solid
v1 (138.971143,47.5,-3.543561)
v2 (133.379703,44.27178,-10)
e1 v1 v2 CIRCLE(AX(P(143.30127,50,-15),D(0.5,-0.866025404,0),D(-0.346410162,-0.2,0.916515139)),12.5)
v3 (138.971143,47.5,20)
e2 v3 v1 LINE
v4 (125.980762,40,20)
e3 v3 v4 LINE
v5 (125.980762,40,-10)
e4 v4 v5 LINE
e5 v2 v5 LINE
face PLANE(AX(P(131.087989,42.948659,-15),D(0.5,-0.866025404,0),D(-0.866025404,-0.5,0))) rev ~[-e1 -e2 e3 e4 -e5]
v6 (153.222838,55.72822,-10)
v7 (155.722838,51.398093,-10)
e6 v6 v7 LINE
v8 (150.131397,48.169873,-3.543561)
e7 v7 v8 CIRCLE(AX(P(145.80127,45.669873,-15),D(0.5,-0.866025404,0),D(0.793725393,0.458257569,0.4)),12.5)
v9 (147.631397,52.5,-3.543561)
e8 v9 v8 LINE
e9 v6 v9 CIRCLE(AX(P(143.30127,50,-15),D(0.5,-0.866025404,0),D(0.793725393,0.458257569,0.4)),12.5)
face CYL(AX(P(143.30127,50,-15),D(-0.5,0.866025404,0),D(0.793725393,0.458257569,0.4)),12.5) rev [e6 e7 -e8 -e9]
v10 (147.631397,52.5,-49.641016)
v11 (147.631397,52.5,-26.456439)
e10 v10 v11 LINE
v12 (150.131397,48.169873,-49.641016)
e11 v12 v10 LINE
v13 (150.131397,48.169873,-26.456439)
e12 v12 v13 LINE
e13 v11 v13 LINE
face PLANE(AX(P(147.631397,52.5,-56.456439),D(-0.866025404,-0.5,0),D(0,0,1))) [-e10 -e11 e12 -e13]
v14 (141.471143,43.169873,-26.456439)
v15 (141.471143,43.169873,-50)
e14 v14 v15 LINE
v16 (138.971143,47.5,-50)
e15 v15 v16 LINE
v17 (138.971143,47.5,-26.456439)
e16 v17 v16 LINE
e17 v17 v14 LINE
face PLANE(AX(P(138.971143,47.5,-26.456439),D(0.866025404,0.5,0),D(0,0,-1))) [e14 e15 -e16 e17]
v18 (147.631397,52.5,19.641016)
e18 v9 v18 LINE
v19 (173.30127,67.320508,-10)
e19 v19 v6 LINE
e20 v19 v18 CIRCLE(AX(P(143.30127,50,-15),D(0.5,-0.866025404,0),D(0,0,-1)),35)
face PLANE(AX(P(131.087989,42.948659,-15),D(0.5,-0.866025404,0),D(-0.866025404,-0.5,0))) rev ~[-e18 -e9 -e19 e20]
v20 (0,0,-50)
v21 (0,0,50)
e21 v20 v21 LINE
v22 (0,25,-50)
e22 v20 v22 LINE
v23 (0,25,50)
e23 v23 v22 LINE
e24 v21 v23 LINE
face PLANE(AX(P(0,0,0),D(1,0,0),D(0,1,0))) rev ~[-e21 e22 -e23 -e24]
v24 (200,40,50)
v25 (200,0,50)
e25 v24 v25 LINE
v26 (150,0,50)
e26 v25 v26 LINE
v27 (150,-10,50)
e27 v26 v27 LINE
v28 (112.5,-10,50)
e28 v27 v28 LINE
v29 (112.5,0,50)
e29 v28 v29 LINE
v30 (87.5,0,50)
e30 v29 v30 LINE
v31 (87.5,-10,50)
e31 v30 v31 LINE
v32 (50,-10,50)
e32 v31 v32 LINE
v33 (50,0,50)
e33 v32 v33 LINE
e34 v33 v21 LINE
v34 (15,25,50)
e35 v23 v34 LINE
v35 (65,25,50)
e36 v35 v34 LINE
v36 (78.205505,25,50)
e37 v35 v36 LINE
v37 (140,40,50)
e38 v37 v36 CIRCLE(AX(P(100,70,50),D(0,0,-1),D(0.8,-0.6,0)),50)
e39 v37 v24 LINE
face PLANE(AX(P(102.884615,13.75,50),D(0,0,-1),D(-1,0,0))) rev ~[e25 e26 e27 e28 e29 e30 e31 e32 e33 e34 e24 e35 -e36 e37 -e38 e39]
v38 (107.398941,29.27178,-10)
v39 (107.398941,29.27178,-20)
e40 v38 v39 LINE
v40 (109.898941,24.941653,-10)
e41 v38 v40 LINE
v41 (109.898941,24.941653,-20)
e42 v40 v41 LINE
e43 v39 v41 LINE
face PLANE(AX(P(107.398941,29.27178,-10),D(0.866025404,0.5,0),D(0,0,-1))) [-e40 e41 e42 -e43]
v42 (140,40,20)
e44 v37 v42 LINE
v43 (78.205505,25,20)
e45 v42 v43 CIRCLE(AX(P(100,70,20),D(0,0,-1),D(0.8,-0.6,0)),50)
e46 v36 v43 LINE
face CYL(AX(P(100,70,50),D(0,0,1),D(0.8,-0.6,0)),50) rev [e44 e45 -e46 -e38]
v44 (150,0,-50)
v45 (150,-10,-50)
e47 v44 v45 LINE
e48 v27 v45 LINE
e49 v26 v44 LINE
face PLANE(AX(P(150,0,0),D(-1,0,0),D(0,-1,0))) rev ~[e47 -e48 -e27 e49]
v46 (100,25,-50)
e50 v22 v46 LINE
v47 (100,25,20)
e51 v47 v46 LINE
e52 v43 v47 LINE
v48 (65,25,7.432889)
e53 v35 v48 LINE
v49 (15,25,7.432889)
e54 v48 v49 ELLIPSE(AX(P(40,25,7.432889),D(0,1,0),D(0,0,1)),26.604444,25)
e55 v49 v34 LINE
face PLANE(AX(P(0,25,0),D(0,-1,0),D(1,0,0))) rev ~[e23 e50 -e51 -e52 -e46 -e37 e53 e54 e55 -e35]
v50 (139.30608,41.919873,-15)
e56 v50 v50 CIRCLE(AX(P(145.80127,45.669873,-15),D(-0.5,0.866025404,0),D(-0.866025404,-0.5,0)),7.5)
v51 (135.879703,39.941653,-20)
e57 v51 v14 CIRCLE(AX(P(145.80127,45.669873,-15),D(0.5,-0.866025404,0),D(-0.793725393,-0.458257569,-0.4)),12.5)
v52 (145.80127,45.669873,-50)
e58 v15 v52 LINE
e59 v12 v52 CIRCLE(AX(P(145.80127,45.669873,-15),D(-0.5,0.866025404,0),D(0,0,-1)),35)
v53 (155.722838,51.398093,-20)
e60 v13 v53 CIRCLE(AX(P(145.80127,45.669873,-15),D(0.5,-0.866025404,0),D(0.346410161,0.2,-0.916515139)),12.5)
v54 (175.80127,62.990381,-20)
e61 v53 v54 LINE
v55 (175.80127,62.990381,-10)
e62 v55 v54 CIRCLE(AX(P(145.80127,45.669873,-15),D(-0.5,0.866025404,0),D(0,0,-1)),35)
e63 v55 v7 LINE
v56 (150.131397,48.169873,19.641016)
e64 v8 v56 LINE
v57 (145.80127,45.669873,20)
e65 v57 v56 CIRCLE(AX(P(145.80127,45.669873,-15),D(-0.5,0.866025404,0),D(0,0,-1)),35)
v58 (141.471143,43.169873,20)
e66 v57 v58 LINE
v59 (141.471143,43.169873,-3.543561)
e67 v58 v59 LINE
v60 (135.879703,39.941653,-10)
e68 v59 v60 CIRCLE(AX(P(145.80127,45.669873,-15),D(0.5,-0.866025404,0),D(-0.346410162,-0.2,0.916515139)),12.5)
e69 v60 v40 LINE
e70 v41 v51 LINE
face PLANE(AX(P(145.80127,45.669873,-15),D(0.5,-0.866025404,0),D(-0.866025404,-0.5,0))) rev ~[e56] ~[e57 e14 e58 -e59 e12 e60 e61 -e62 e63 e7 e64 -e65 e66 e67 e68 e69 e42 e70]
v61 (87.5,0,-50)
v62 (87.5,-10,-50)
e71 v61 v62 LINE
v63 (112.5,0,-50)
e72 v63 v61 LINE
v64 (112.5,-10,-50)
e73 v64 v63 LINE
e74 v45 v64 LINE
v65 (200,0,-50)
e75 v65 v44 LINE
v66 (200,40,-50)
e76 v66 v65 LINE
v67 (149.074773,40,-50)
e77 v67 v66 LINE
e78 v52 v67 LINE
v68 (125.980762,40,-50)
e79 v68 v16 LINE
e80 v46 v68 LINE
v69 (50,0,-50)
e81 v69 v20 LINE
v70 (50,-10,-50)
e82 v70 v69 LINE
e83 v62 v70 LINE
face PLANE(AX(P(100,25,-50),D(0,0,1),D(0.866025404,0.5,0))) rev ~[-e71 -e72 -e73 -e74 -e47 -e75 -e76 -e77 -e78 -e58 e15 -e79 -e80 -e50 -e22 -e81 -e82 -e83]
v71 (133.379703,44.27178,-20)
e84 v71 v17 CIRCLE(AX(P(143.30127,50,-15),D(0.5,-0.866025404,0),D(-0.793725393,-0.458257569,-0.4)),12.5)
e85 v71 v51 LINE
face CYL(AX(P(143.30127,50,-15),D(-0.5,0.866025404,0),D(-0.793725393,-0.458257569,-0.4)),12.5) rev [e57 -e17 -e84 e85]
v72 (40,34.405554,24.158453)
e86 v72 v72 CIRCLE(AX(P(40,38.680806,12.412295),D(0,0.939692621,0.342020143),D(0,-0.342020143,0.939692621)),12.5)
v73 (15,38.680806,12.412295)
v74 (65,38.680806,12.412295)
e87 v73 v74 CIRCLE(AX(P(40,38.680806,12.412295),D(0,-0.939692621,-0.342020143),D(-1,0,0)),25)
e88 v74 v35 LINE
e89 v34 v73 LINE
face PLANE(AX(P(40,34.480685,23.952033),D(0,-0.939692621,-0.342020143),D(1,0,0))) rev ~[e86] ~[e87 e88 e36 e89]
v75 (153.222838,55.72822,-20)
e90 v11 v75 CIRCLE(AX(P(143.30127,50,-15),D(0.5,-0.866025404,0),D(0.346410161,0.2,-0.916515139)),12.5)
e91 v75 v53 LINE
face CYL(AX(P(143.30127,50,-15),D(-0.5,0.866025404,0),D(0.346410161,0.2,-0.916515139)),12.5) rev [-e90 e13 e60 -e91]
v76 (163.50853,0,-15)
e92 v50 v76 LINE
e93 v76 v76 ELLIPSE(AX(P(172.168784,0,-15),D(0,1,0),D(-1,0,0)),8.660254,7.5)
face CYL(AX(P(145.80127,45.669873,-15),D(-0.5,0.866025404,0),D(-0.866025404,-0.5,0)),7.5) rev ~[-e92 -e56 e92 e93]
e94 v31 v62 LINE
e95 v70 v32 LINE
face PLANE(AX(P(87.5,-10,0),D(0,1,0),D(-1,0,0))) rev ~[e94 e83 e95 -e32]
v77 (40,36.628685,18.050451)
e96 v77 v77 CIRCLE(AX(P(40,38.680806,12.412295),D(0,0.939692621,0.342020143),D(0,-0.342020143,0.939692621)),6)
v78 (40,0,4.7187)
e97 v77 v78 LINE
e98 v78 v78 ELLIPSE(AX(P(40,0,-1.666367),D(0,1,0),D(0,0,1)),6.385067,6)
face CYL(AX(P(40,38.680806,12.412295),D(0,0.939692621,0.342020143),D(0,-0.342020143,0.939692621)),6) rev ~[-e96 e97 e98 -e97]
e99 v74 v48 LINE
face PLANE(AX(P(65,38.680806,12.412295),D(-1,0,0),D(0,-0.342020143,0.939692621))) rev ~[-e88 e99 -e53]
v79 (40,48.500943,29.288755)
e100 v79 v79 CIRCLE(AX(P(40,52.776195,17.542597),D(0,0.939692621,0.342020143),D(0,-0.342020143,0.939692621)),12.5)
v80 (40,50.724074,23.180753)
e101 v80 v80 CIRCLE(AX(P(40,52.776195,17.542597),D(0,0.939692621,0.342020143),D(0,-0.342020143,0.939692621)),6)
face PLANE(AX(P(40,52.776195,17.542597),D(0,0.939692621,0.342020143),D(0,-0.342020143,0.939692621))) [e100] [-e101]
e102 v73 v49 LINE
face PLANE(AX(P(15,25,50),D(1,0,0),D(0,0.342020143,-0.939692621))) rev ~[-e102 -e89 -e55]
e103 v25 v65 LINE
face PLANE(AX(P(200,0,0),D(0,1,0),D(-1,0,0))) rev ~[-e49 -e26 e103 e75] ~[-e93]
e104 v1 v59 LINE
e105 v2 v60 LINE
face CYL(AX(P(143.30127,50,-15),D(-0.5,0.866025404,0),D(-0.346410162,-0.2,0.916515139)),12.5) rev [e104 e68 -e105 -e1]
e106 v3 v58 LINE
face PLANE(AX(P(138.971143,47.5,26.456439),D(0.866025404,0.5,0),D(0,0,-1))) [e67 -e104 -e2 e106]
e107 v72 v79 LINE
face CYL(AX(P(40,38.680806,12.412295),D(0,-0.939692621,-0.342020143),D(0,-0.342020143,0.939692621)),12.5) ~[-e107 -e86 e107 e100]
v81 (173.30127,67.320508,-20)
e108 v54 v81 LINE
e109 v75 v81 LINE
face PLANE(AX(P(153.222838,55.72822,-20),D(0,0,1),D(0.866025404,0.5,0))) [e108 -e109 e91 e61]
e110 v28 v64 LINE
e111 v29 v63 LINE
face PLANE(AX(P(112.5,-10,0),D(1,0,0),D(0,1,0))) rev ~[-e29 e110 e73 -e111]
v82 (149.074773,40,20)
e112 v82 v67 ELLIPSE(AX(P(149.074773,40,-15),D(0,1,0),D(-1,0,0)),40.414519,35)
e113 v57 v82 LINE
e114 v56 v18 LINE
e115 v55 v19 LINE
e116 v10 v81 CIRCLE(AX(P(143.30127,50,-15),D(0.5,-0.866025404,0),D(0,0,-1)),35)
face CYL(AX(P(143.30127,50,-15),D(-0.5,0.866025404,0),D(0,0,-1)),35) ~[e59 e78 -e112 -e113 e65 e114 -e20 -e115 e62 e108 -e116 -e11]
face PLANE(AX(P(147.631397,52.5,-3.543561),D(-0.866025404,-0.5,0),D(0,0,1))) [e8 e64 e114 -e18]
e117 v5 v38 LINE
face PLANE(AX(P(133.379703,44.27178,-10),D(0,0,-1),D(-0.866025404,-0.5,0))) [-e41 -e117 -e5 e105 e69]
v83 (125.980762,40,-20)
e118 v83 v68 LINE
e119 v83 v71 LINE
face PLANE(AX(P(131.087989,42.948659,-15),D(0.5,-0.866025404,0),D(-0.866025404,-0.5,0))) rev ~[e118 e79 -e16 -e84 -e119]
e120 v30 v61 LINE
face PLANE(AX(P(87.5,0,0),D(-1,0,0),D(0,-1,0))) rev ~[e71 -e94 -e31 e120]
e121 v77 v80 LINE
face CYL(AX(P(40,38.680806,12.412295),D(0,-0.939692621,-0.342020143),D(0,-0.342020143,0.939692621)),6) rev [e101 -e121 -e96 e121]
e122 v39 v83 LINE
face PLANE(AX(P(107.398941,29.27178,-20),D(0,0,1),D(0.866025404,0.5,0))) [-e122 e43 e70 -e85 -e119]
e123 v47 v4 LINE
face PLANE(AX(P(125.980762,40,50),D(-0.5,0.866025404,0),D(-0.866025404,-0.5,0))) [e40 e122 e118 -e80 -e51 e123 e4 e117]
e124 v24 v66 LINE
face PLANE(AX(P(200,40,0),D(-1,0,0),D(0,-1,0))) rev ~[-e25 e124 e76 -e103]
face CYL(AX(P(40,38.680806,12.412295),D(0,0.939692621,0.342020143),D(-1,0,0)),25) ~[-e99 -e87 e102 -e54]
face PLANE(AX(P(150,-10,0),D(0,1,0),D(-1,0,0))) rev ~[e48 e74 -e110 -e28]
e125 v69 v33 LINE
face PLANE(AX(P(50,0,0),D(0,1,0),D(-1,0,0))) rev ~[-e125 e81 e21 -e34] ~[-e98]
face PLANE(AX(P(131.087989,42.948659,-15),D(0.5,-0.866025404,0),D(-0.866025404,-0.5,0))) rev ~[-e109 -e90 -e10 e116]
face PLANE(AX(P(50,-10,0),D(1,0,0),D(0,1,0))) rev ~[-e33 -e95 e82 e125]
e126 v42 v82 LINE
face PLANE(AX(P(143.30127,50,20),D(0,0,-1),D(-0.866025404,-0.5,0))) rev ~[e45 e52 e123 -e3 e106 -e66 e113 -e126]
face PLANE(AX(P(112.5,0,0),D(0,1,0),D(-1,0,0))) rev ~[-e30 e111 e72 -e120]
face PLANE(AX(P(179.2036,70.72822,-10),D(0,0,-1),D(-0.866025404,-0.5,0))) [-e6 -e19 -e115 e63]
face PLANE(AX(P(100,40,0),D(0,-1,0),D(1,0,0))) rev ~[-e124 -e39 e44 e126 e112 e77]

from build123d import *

# Parameters (mm, degrees)
SALIENTE_EXTRUIR1_DEPTH = 50
CORTAR_EXTRUIR1_DEPTH   = 30
SALIENTE_EXTRUIR2_REACH = 69.091
CROQUIS4_R              = 12.5
CROQUIS4_R_2            = 6
SALIENTE_EXTRUIR3_DEPTH = 15
CROQUIS5_R              = 6
CORTAR_EXTRUIR2_DEPTH   = 68.09125606
CORTAR_EXTRUIR3_DEPTH   = 101
SALIENTE_EXTRUIR5_REACH = 82.311
CORTAR_EXTRUIR4_DEPTH   = 5
CROQUIS9_R              = 7.5
CORTAR_EXTRUIR5_DEPTH   = 76.310889132


with BuildPart() as part:
    # Croquis1 → Saliente-Extruir1 (new body, symmetric)
    with BuildSketch(Plane.XY):
        Polygon((0, 0), (0, 25), (100, 25), (100, 40), (200, 40), (200, 0), (150, 0), (150, -10), (112.5, -10), (112.5, 0), (87.5, 0), (87.5, -10), (50, -10), (50, 0), align=None)
    extrude(amount=SALIENTE_EXTRUIR1_DEPTH, both=True)

    # Croquis2 → Cortar-Extruir1 (cut)
    with BuildSketch(Plane.XY.offset(50)):
        with BuildLine():
            Line((78.205505282, 25), (100, 25))
            Line((100, 25), (100, 40))
            Line((100, 40), (140, 40))
            ThreePointArc((140, 40), (111.794494718, 21.411010565), (78.205505282, 25))
        make_face()
    extrude(amount=-CORTAR_EXTRUIR1_DEPTH, mode=Mode.SUBTRACT)

    # Saliente-Extruir2: up to this face of the body (flat: up to its plane)
    saliente_extruir2_end = Plane(part.part.faces().sort_by_distance((47.264467122, 25, -2.448514344))[0])
    # Croquis3 → Saliente-Extruir2 (add, up to the picked face)
    with BuildSketch(Plane(origin=(0, 38.145245781, 13.883734043), x_dir=(-1, 0, 0), z_dir=(0, 0.939692621, 0.342020143)), mode=Mode.PRIVATE) as saliente_extruir2_sk1:
        with BuildLine():
            Line((-15, 38.434127456), (-15, -1.565872544))
            ThreePointArc((-15, -1.565872544), (-40, -26.565872544), (-65, -1.565872544))
            Line((-65, -1.565872544), (-65, 38.434127456))
            Line((-65, 38.434127456), (-15, 38.434127456))
        make_face()
    saliente_extruir2_tool1 = split(extrude(saliente_extruir2_sk1.sketch, amount=-SALIENTE_EXTRUIR2_REACH, mode=Mode.PRIVATE), bisect_by=saliente_extruir2_end, keep=Keep.BOTH, mode=Mode.PRIVATE)
    add(saliente_extruir2_tool1.solids().sort_by(Axis((40, 35.287462, 21.735431), (0, -0.939692621, -0.342020143)))[0])

    # Croquis4 → Saliente-Extruir3 (add)
    with BuildSketch(Plane(origin=(0, 38.145245781, 13.883734043), x_dir=(1, 0, 0), z_dir=(0, 0.939692621, 0.342020143))):
        with Locations(Location((40, 1.565872544, 0), (0, 0, 270))):  # turned: the seam where the file's is
            Circle(CROQUIS4_R)
        with Locations(Location((40, 1.565872544, 0), (0, 0, 270))):  # turned: the seam where the file's is
            Circle(CROQUIS4_R_2, mode=Mode.SUBTRACT)
    extrude(amount=SALIENTE_EXTRUIR3_DEPTH)

    # Croquis5 → Cortar-Extruir2 (cut, through all)
    with BuildSketch(Plane(origin=(0, 38.145245781, 13.883734043), x_dir=(-1, 0, 0), z_dir=(0, 0.939692621, 0.342020143))):
        with Locations(Location((-40, -1.565872544, 0), (0, 0, 90))):  # turned: the seam where the file's is
            Circle(CROQUIS5_R)
    extrude(amount=-CORTAR_EXTRUIR2_DEPTH, mode=Mode.SUBTRACT)

    # Croquis6 → Cortar-Extruir3 (cut, through all)
    with BuildSketch(Plane.XY.offset(50)):
        Polygon((100, 25), (100, 40), (125.980762114, 40), align=None)
    extrude(amount=-CORTAR_EXTRUIR3_DEPTH, mode=Mode.SUBTRACT)

    # Saliente-Extruir5: up to this face of the body (flat: up to its plane)
    saliente_extruir5_end = Plane(part.part.faces().sort_by_distance((164.797670499, 40, -2.108504349))[0])
    # Croquis7 → Saliente-Extruir5 (add, up to the picked face)
    with BuildSketch(Plane(origin=(14.174682453, -24.551270189, 0), x_dir=(0.866025404, 0.5, 0), z_dir=(-0.5, 0.866025404, 0)), mode=Mode.PRIVATE) as saliente_extruir5_sk1:
        with BuildLine():
            Line((99.102540378, 50), (149.102540378, 50))
            ThreePointArc((149.102540378, 50), (184.102540378, 15), (149.102540378, -20))
            Line((149.102540378, -20), (99.102540378, -20))
            Line((99.102540378, -20), (99.102540378, 50))
        make_face()
    saliente_extruir5_tool1 = split(extrude(saliente_extruir5_sk1.sketch, amount=-SALIENTE_EXTRUIR5_REACH, mode=Mode.PRIVATE), bisect_by=saliente_extruir5_end, keep=Keep.BOTH, mode=Mode.PRIVATE)
    add(saliente_extruir5_tool1.solids().sort_by(Axis((133.894705, 44.569117, -15), (0.5, -0.866025404, 0)))[0])

    # Croquis8 → Cortar-Extruir4 (cut)
    with BuildSketch(Plane(origin=(14.174682453, -24.551270189, 0), x_dir=(0.866025404, 0.5, 0), z_dir=(-0.5, 0.866025404, 0))):
        with BuildLine():
            Line((154.102540378, 3.543560763), (154.102540378, -26.456439237))
            Line((154.102540378, -26.456439237), (144.102540378, -26.456439237))
            Line((144.102540378, -26.456439237), (144.102540378, 3.543560763))
            ThreePointArc((144.102540378, 3.543560763), (140.263705614, 6.161165235), (137.646101141, 10))
            Line((137.646101141, 10), (107.646101141, 10))
            Line((107.646101141, 10), (107.646101141, 20))
            Line((107.646101141, 20), (137.646101141, 20))
            ThreePointArc((137.646101141, 20), (140.263705614, 23.838834765), (144.102540378, 26.456439237))
            Line((144.102540378, 26.456439237), (144.102540378, 56.456439237))
            Line((144.102540378, 56.456439237), (154.102540378, 56.456439237))
            Line((154.102540378, 56.456439237), (154.102540378, 26.456439237))
            ThreePointArc((154.102540378, 26.456439237), (157.941375143, 23.838834765), (160.558979616, 20))
            Line((160.558979616, 20), (190.558979616, 20))
            Line((190.558979616, 20), (190.558979616, 10))
            Line((190.558979616, 10), (160.558979616, 10))
            ThreePointArc((160.558979616, 10), (157.941375143, 6.161165235), (154.102540378, 3.543560763))
        make_face()
    extrude(amount=-CORTAR_EXTRUIR4_DEPTH, mode=Mode.SUBTRACT)

    # Croquis9 → Cortar-Extruir5 (cut, through all)
    with BuildSketch(Plane(origin=(16.674682453, -28.881397208, 0), x_dir=(0.866025404, 0.5, 0), z_dir=(-0.5, 0.866025404, 0))):
        with Locations(Location((149.102540378, 15, 0), (0, 0, 180))):  # turned: the seam where the file's is
            Circle(CROQUIS9_R)
    extrude(amount=-CORTAR_EXTRUIR5_DEPTH, mode=Mode.SUBTRACT)


solid = part.part
